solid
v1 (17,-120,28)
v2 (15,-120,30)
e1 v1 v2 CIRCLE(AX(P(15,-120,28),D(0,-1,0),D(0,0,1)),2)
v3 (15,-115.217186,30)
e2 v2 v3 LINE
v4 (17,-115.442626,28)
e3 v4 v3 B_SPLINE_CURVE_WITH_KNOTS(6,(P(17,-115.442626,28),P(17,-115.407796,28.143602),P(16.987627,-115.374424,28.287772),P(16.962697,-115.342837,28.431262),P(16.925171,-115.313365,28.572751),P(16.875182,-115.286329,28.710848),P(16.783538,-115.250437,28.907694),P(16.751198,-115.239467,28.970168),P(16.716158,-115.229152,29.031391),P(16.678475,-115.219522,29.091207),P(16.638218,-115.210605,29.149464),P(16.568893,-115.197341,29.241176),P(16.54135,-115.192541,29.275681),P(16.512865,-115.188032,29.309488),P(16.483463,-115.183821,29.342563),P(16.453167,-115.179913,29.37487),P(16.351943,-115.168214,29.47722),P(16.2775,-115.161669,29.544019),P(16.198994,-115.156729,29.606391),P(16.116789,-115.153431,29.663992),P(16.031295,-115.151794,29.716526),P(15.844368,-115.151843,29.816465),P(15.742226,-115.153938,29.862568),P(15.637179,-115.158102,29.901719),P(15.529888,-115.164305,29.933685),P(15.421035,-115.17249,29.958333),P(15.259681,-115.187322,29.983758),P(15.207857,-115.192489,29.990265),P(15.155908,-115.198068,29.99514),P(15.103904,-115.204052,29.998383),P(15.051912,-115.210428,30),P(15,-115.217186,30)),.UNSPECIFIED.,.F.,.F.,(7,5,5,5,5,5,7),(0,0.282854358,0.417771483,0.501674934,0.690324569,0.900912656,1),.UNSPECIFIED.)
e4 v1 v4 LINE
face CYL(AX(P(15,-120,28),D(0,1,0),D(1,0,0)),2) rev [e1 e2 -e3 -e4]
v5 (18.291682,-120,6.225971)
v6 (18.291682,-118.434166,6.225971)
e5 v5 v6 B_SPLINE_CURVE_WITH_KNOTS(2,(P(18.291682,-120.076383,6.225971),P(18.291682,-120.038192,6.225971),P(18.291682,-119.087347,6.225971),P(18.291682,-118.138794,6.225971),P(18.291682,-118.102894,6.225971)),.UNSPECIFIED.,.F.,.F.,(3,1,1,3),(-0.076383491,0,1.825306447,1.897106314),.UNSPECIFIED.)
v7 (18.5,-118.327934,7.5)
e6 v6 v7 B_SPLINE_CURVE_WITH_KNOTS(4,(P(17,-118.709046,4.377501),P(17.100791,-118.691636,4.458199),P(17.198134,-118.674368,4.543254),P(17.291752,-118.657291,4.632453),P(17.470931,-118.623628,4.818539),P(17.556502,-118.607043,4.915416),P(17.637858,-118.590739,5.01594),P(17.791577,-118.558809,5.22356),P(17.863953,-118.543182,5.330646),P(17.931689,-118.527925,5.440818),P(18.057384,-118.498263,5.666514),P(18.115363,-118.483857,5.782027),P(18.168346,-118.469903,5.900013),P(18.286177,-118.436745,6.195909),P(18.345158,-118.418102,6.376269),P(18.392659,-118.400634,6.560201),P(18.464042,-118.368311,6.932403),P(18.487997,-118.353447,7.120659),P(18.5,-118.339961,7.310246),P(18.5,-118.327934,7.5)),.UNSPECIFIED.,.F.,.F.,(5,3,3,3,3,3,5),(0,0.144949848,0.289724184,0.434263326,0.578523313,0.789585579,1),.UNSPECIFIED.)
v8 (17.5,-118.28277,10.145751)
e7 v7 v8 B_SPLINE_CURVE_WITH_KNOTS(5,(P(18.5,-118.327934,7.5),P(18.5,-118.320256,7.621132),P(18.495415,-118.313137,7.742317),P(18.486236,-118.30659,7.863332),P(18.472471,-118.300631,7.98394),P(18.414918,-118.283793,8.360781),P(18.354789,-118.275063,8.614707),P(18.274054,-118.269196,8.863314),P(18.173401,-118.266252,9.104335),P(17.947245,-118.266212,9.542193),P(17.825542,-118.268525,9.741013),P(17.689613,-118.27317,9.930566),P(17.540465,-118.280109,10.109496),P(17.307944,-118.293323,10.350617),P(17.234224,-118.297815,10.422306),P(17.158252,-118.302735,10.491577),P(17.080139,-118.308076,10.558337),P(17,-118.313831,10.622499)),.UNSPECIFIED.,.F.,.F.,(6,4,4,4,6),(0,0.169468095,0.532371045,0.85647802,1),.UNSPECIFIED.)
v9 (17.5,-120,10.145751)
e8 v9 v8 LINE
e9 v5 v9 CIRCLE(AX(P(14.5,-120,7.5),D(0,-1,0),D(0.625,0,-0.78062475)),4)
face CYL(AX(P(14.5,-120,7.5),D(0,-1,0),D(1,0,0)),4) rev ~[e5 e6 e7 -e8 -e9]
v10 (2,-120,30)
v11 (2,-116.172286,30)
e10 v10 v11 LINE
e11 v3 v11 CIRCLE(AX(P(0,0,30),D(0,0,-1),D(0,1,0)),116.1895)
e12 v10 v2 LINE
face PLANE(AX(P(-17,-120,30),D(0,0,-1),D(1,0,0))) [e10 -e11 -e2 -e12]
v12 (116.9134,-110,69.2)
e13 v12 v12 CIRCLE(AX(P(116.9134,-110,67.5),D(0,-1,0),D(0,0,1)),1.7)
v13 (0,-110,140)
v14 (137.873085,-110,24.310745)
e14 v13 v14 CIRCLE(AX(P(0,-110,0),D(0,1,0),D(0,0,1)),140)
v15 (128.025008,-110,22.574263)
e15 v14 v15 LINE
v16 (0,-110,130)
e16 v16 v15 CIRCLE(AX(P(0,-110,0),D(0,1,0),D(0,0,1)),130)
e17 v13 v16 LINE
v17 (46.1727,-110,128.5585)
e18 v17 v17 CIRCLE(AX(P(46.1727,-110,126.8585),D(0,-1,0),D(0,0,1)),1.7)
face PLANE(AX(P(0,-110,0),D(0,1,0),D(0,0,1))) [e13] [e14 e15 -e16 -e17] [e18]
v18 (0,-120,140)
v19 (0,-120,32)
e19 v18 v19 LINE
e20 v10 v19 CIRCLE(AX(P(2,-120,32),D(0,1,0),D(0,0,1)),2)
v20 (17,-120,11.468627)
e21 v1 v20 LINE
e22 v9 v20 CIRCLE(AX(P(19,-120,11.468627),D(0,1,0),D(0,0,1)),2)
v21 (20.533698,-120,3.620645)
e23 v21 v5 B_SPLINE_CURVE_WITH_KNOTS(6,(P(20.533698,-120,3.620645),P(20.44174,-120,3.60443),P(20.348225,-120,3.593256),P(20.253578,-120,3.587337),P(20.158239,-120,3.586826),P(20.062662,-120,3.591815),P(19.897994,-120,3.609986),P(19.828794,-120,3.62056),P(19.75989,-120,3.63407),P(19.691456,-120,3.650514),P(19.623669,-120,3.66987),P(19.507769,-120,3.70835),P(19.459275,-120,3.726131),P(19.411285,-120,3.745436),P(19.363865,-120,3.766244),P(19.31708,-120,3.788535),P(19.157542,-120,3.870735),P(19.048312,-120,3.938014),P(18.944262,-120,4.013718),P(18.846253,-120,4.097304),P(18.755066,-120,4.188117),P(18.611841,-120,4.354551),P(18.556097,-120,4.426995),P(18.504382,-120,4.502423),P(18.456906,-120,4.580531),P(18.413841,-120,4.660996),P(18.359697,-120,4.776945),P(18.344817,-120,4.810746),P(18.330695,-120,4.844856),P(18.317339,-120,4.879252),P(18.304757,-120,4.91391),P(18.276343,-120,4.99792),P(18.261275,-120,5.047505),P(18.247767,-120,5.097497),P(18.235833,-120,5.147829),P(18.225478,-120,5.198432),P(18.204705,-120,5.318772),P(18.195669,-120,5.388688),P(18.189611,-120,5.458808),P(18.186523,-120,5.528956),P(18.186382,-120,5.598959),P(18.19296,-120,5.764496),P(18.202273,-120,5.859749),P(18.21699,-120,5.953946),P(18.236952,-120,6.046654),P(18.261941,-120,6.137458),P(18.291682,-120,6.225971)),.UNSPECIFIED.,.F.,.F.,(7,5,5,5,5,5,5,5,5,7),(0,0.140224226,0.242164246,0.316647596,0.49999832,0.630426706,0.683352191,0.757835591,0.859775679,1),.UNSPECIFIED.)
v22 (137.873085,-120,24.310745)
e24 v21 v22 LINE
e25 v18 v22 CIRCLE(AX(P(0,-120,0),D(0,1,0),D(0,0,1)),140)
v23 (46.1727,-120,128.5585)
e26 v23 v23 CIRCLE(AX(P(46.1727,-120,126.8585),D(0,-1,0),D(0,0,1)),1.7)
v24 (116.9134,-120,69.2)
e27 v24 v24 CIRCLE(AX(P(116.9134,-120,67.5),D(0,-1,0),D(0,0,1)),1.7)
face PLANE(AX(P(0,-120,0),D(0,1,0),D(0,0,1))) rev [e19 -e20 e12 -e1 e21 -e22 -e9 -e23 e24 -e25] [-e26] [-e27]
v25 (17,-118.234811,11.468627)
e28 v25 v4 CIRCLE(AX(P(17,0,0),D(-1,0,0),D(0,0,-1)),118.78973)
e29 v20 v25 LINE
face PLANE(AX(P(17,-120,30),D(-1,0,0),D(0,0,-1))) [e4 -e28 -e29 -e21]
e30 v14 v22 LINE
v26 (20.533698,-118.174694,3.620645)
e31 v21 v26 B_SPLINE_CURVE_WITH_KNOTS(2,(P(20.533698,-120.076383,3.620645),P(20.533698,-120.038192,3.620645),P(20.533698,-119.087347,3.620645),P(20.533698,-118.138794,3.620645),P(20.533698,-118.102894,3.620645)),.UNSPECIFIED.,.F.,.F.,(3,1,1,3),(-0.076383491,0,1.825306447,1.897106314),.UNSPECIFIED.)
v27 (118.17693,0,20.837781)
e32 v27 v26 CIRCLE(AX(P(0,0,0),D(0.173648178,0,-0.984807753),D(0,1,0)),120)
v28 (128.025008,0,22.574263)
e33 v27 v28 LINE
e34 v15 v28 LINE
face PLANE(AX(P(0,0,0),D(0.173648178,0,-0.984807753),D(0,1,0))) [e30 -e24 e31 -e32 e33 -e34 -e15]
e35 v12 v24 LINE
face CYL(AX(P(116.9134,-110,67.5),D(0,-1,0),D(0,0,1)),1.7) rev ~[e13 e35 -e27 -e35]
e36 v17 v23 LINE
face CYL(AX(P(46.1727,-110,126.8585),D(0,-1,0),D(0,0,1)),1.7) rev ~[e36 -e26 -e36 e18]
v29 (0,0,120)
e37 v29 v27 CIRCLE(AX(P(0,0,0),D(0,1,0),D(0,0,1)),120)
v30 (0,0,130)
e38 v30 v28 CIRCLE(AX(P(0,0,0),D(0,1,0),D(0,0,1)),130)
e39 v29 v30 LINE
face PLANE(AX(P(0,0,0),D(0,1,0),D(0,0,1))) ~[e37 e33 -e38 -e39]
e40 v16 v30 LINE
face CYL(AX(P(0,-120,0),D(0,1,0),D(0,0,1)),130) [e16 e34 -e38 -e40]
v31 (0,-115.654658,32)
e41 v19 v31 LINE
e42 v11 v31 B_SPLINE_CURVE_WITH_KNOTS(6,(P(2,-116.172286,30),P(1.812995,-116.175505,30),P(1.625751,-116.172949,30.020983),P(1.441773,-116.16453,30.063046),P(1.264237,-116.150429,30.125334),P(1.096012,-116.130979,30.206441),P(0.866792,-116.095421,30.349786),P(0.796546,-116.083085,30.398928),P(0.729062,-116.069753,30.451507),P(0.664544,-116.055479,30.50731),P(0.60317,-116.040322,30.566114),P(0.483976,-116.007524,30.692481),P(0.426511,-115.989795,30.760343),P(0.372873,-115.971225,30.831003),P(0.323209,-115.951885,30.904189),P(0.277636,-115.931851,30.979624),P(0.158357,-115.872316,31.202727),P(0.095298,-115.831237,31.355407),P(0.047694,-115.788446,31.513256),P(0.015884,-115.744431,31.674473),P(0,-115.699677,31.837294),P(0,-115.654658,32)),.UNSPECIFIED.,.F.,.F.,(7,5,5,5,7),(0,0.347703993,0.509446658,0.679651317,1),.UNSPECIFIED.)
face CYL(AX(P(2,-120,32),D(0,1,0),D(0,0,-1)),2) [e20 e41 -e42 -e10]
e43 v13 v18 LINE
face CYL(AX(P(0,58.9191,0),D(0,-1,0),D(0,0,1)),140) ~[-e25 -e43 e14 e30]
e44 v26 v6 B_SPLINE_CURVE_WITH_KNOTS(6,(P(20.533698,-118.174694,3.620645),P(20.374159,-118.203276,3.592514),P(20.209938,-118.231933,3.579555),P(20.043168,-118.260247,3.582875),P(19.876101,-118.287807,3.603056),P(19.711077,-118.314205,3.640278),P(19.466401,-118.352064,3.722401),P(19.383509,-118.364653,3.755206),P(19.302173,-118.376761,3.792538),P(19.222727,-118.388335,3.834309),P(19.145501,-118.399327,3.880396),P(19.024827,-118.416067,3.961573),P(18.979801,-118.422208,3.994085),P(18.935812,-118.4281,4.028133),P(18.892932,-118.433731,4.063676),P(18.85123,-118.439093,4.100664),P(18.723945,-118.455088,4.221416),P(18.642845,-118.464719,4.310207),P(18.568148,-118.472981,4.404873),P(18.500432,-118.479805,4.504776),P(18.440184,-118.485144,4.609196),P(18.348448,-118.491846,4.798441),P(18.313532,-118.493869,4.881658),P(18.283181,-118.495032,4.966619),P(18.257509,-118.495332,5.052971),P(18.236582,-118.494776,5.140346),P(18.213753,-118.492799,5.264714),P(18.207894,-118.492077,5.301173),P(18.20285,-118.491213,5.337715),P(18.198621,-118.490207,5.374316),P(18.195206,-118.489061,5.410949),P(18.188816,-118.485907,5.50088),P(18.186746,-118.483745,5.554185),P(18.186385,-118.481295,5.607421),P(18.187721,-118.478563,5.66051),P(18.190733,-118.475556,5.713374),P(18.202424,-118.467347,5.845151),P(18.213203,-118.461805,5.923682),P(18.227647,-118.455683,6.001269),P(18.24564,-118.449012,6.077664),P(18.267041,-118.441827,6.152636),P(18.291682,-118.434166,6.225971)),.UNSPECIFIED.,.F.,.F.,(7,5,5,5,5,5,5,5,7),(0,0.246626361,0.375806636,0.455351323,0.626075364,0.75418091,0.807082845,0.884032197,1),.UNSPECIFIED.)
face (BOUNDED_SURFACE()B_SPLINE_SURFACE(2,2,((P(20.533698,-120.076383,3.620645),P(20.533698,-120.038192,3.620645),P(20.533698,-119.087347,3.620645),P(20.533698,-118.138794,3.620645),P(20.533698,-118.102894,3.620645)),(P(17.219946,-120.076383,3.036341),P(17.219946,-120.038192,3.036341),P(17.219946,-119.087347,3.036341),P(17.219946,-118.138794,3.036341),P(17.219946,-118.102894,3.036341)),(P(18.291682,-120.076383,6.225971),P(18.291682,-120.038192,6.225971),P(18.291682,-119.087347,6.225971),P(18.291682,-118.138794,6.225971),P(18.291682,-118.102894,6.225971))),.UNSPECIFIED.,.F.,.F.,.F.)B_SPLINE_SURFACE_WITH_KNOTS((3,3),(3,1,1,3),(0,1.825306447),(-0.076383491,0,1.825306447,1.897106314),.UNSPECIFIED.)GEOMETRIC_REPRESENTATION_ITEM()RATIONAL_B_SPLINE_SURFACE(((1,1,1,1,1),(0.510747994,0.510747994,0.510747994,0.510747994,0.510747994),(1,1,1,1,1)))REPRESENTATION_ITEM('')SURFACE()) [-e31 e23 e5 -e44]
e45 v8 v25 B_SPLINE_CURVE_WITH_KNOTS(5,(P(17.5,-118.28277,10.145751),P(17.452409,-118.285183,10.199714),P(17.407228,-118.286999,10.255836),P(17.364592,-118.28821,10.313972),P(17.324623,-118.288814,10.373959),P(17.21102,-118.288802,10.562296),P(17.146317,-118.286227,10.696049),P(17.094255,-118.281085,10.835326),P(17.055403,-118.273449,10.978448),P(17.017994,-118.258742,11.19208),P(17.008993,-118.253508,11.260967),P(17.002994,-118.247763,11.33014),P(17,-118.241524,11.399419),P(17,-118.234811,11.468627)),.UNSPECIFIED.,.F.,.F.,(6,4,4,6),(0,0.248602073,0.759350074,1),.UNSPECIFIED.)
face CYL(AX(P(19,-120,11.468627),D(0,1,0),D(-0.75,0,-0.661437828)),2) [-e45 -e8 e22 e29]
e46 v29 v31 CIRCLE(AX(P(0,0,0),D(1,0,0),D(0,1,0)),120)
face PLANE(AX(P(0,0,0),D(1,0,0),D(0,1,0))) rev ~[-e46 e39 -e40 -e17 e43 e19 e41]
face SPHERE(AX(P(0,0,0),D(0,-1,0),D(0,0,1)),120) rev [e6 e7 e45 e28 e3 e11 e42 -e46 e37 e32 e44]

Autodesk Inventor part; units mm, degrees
ref_plane "YZ Plane" through (0, 0, 0) normal (1, 0, 0) x (0, 1, 0)
ref_plane "XZ Plane" through (0, 0, 0) normal (0, 1, 0) x (-1, 0, 0)
ref_plane "XY Plane" through (0, 0, 0) normal (0, 0, 1) x (1, 0, 0)
sketch "スケッチ1" plane through (0, 0, 0) normal (1, 0, 0) x (0, 1, 0)
  circle A0 centre (0, 0) radius 120
  circle A1 centre (0, 0) radius 130
  line L0 (0, 0) -> (84.8528, 84.8528)
  line L1 (0, 0) -> (0, 120)
  line L2 (84.8528, 84.8528) -> (91.9239, 91.9239)
  line L3 (-130, 237.6299) -> (-130, -340.0687)
  line L4 (58.9191, 140) -> (-130, 140)
  line L5 (0, 0) -> (-130, 0)
  line L6 (0, 120) -> (0, 130)
  line L7 (-120, 140) -> (-120, 130)
  line L8 (-120, 130) -> (0, 130)
  line L9 (-120, 0) -> (-120, 140)
  line L10 (-110, 140) -> (-110, 130)
  point P0 (-120, 0)
  dimension "d0" = 240
  dimension "d1" = 10
  dimension "d2" = 45
  dimension "d3" = 140
  dimension "d4" = 0
  dimension "d5" = 10
  dimension "d6" = 10
  dimension "d8" = 10
revolve "回転1" add sketch "スケッチ1" angle 80 about axis through (0, 0, 0) along (0, 1, 0) contours L9 A1 L6 A0 | L9 L8 A1 | L7 L4 L10 L8
sketch "スケッチ2" plane through (0, -110, 140) normal (0, 1, 0) x (1, 0, 0)
  line L0 (137.8731, 115.6893) -> (0, 140) projected
  line L1 (0, 0) -> (0, 140) projected
  circle A0 centre (0, 140) radius 140
  circle A1 centre (0, 140) radius 135
  point P0 (46.1727, 13.1415)
  point P1 (116.9134, 72.5)
  dimension "d9" = 5
  dimension "d10" = 20
  dimension "d11" = 20
hole "穴1" at (46.1727, -110, 126.8585) at (116.9134, -110, 67.5) direction (0, -1, 0) diameter 3.4 end through all
sketch "スケッチ3" plane through (0, -120, 0) normal (0, -1, 0) x (1, 0, 0)
  line L0 (17, -30) -> (-17, -30)
  line L1 (-17, -30) -> (-17, 30)
  line L2 (-17, 30) -> (17, 30)
  line L3 (17, 30) -> (17, -30)
  circle A0 centre (14.5, 7.5) radius 4
  point P0 (0, 0)
  point P1 (17, 10.6225)
  point P2 (17, 4.3775)
  dimension "d19" = 34
  dimension "d20" = 60
  dimension "d21" = 30
  dimension "d22" = 17
  dimension "d25" = 8
  dimension "d26" = 2.5
  dimension "d27" = 22.5
extrude "押し出し1" cut sketch "スケッチ3" against normal blind 10
fillet "フィレット2" radius 2 5 edges at (17, -119.376, 2.9976) (17, -119.3545, 4.3775) (17, -119.1569, 10.6225) (17, -117.4696, 30) (0, -118.0948, 30)
properties part number "belt_liner_v1_3DP_C_B_U" material "ABS プラスチック"
